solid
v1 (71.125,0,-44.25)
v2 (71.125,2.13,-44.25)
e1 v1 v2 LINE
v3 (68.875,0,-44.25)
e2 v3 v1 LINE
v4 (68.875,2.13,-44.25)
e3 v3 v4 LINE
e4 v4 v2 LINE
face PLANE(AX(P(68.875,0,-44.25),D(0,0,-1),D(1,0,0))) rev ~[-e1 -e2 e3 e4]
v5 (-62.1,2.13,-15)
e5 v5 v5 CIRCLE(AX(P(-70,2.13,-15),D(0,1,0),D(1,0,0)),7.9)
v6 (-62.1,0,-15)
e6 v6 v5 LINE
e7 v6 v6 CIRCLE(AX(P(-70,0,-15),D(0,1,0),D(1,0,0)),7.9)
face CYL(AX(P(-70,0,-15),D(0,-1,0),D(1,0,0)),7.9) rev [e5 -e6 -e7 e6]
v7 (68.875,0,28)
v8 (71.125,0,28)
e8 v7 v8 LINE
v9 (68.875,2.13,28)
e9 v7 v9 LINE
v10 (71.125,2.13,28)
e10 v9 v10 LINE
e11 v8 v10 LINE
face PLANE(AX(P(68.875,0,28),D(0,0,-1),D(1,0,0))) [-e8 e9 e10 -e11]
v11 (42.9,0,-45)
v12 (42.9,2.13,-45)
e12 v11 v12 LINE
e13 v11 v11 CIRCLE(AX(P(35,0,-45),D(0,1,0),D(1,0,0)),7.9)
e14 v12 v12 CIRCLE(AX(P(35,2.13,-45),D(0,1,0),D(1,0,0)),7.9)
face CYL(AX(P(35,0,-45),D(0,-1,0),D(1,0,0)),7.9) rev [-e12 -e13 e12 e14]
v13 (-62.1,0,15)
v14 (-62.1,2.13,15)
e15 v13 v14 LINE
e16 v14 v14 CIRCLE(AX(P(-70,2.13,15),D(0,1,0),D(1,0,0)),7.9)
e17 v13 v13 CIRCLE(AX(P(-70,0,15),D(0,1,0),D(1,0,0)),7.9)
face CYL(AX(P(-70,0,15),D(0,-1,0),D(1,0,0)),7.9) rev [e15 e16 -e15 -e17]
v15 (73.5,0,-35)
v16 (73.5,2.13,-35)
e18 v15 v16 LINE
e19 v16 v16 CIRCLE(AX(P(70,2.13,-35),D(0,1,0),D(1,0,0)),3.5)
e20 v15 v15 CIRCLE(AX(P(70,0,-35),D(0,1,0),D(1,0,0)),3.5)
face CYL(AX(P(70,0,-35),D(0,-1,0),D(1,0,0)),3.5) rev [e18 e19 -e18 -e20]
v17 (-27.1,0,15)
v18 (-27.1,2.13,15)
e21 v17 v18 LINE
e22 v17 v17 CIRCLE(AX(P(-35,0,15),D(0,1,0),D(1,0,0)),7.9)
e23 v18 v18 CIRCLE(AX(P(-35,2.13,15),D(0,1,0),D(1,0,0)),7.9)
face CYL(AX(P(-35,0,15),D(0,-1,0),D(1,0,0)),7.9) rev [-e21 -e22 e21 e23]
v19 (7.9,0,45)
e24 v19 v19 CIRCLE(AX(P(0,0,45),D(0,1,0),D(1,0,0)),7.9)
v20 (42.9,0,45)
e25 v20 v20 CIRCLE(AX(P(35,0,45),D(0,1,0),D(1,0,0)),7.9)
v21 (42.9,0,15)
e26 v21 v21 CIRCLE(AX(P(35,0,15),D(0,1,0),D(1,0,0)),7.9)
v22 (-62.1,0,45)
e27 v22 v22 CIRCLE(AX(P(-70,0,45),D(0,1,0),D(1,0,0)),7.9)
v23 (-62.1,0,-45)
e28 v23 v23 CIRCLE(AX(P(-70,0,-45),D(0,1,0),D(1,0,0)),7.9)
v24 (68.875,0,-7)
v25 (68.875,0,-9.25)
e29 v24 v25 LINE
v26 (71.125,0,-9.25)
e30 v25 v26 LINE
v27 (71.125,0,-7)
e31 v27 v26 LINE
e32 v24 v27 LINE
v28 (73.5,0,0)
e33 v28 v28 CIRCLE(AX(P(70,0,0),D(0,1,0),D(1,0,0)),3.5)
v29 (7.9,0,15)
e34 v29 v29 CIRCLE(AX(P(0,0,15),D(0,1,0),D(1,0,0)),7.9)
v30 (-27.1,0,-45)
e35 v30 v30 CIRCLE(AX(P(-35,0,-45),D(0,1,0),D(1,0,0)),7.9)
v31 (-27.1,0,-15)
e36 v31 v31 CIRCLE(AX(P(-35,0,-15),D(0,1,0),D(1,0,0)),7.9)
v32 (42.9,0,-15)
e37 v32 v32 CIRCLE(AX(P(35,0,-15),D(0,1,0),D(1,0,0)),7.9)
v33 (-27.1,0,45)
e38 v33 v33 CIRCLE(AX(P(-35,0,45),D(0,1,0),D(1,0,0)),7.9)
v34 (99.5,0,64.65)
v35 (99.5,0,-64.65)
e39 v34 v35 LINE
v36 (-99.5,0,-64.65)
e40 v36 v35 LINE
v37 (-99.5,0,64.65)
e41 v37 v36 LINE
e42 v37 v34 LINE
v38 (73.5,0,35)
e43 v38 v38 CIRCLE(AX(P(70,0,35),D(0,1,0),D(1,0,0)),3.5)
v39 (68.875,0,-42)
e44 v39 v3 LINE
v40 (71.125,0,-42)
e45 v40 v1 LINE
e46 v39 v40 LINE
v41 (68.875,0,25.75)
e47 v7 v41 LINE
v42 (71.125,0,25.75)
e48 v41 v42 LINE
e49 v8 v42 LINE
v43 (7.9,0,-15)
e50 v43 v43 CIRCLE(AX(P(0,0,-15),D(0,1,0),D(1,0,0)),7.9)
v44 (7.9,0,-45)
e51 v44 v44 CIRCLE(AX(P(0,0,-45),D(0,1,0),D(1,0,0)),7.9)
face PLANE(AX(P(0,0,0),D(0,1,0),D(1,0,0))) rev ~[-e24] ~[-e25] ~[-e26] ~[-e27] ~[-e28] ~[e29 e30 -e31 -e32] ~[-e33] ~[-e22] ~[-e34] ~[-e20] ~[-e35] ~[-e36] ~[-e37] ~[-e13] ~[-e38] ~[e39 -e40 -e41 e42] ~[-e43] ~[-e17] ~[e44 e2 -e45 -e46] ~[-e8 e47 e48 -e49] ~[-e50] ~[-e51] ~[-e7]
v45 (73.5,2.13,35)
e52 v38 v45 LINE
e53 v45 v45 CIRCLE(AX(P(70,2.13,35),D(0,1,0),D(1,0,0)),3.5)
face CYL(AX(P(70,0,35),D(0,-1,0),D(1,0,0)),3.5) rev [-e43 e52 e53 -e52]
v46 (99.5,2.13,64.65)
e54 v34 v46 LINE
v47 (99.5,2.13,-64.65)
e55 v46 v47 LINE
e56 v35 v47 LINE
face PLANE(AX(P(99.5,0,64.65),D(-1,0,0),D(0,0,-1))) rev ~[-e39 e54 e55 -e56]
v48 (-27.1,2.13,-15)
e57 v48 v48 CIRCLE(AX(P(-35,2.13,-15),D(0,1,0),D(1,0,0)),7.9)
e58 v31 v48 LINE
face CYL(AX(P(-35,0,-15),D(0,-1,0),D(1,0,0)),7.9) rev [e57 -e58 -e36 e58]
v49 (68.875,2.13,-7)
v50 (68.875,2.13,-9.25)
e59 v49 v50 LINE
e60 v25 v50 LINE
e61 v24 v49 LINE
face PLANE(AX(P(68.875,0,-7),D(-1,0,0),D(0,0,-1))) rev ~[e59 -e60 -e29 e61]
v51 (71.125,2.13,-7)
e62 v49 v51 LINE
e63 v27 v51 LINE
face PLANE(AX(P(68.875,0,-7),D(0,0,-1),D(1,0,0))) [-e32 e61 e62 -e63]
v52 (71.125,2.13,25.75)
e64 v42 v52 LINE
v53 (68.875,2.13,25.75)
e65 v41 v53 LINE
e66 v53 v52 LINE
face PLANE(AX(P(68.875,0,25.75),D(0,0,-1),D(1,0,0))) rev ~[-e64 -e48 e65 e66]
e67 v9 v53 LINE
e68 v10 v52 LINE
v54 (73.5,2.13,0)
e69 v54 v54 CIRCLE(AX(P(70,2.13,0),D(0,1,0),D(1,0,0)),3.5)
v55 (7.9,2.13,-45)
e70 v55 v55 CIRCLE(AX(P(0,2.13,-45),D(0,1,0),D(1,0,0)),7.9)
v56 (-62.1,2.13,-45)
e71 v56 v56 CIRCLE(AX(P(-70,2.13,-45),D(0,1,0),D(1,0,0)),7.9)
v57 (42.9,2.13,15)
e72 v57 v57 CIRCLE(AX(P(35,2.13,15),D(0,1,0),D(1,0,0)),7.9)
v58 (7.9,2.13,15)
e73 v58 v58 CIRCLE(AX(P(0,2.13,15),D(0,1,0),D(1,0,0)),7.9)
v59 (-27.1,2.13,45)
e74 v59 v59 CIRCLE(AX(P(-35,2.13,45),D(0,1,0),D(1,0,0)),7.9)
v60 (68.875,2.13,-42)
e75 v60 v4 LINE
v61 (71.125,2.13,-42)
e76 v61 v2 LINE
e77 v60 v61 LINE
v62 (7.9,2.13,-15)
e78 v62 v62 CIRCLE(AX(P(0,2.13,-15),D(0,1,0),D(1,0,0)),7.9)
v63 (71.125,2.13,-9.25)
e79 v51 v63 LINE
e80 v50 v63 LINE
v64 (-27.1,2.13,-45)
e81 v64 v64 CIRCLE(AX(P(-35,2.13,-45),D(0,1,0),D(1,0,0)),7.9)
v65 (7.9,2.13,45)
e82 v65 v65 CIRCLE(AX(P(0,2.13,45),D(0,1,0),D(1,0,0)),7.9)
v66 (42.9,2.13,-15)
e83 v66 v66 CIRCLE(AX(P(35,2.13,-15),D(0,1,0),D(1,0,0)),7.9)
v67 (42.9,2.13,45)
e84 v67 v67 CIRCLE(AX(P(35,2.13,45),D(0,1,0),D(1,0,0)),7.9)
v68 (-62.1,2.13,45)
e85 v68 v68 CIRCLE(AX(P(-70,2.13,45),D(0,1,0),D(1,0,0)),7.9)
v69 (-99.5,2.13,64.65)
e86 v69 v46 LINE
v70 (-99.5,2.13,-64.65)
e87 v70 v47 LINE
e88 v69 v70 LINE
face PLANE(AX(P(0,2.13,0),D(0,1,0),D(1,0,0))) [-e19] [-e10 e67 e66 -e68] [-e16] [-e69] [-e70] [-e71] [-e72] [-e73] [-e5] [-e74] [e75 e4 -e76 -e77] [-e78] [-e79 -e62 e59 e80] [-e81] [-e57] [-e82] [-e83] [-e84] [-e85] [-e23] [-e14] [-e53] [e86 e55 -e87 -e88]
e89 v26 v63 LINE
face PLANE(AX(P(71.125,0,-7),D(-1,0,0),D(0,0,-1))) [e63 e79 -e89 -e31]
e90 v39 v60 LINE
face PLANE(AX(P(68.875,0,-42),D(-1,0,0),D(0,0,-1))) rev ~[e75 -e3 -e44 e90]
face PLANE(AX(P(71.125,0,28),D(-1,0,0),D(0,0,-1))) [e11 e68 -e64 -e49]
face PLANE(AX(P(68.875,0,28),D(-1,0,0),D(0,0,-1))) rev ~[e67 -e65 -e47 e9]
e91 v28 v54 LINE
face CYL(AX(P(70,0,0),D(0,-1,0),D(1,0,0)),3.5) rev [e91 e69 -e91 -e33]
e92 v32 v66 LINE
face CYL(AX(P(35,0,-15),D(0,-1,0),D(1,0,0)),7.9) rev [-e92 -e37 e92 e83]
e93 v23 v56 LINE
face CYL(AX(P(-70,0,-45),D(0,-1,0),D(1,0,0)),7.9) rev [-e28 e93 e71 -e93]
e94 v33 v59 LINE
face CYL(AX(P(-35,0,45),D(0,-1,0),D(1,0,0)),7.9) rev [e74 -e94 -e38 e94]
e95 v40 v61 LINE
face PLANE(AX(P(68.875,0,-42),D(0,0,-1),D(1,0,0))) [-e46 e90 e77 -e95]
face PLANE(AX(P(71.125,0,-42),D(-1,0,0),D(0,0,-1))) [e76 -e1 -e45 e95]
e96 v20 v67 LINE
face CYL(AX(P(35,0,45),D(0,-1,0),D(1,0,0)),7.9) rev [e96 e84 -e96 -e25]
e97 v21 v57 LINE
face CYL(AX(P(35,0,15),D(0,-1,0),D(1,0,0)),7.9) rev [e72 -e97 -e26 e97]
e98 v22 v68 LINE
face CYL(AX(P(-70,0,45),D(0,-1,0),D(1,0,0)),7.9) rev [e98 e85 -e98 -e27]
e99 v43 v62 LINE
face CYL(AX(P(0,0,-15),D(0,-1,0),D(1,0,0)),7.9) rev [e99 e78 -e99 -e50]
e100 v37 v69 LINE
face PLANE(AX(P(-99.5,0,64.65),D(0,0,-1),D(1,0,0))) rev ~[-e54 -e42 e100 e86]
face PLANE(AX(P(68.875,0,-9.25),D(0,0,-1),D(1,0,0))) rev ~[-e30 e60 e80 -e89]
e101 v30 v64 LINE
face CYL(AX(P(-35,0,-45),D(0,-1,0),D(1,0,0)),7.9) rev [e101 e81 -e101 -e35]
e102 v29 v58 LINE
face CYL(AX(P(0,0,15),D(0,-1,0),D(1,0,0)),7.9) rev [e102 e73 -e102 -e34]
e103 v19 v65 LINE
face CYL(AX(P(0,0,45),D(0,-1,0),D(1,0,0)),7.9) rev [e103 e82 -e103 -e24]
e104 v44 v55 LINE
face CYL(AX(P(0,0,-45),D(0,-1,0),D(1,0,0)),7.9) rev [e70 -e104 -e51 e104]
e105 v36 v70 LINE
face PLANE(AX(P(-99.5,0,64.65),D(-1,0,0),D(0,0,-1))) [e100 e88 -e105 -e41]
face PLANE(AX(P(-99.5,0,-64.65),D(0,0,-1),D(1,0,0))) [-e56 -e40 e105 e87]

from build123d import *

# Parameters (mm, degrees)
SKETCH1_W           = 199
SKETCH1_H           = 129.3
SKETCH1_R           = 7.9
SKETCH1_R_2         = 3.5
SKETCH1_W_2         = 2.25
SKETCH1_H_2         = 2.25
BOSS_EXTRUDE1_DEPTH = 2.13


with BuildPart() as part:
    # Sketch1 → Boss-Extrude1 (new body)
    with BuildSketch(Plane(origin=(0, 0, 0), x_dir=(1, 0, 0), z_dir=(0, 1, 0))):
        Rectangle(SKETCH1_W, SKETCH1_H)
        with Locations((-70, 45)):
            Circle(SKETCH1_R, mode=Mode.SUBTRACT)
        with Locations((-35, 45)):
            Circle(SKETCH1_R, mode=Mode.SUBTRACT)
        with Locations((0, 45)):
            Circle(SKETCH1_R, mode=Mode.SUBTRACT)
        with Locations((35, 45)):
            Circle(SKETCH1_R, mode=Mode.SUBTRACT)
        with Locations((-35, 15)):
            Circle(SKETCH1_R, mode=Mode.SUBTRACT)
        with Locations((0, 15)):
            Circle(SKETCH1_R, mode=Mode.SUBTRACT)
        with Locations((35, 15)):
            Circle(SKETCH1_R, mode=Mode.SUBTRACT)
        with Locations((-35, -15)):
            Circle(SKETCH1_R, mode=Mode.SUBTRACT)
        with Locations((0, -15)):
            Circle(SKETCH1_R, mode=Mode.SUBTRACT)
        with Locations((35, -15)):
            Circle(SKETCH1_R, mode=Mode.SUBTRACT)
        with Locations((-35, -45)):
            Circle(SKETCH1_R, mode=Mode.SUBTRACT)
        with Locations((0, -45)):
            Circle(SKETCH1_R, mode=Mode.SUBTRACT)
        with Locations((35, -45)):
            Circle(SKETCH1_R, mode=Mode.SUBTRACT)
        with Locations((-70, 15)):
            Circle(SKETCH1_R, mode=Mode.SUBTRACT)
        with Locations((-70, -15)):
            Circle(SKETCH1_R, mode=Mode.SUBTRACT)
        with Locations((-70, -45)):
            Circle(SKETCH1_R, mode=Mode.SUBTRACT)
        with Locations((70, 35)):
            Circle(SKETCH1_R_2, mode=Mode.SUBTRACT)
        with Locations((70, 0)):
            Circle(SKETCH1_R_2, mode=Mode.SUBTRACT)
        with Locations((70, -35)):
            Circle(SKETCH1_R_2, mode=Mode.SUBTRACT)
        with Locations((70, 43.125)):
            Rectangle(SKETCH1_W_2, SKETCH1_H_2, mode=Mode.SUBTRACT)
        with Locations((70, 8.125)):
            Rectangle(SKETCH1_W_2, SKETCH1_H_2, mode=Mode.SUBTRACT)
        with Locations((70, -26.875)):
            Rectangle(SKETCH1_W_2, SKETCH1_H_2, mode=Mode.SUBTRACT)
    extrude(amount=BOSS_EXTRUDE1_DEPTH)


solid = part.part
